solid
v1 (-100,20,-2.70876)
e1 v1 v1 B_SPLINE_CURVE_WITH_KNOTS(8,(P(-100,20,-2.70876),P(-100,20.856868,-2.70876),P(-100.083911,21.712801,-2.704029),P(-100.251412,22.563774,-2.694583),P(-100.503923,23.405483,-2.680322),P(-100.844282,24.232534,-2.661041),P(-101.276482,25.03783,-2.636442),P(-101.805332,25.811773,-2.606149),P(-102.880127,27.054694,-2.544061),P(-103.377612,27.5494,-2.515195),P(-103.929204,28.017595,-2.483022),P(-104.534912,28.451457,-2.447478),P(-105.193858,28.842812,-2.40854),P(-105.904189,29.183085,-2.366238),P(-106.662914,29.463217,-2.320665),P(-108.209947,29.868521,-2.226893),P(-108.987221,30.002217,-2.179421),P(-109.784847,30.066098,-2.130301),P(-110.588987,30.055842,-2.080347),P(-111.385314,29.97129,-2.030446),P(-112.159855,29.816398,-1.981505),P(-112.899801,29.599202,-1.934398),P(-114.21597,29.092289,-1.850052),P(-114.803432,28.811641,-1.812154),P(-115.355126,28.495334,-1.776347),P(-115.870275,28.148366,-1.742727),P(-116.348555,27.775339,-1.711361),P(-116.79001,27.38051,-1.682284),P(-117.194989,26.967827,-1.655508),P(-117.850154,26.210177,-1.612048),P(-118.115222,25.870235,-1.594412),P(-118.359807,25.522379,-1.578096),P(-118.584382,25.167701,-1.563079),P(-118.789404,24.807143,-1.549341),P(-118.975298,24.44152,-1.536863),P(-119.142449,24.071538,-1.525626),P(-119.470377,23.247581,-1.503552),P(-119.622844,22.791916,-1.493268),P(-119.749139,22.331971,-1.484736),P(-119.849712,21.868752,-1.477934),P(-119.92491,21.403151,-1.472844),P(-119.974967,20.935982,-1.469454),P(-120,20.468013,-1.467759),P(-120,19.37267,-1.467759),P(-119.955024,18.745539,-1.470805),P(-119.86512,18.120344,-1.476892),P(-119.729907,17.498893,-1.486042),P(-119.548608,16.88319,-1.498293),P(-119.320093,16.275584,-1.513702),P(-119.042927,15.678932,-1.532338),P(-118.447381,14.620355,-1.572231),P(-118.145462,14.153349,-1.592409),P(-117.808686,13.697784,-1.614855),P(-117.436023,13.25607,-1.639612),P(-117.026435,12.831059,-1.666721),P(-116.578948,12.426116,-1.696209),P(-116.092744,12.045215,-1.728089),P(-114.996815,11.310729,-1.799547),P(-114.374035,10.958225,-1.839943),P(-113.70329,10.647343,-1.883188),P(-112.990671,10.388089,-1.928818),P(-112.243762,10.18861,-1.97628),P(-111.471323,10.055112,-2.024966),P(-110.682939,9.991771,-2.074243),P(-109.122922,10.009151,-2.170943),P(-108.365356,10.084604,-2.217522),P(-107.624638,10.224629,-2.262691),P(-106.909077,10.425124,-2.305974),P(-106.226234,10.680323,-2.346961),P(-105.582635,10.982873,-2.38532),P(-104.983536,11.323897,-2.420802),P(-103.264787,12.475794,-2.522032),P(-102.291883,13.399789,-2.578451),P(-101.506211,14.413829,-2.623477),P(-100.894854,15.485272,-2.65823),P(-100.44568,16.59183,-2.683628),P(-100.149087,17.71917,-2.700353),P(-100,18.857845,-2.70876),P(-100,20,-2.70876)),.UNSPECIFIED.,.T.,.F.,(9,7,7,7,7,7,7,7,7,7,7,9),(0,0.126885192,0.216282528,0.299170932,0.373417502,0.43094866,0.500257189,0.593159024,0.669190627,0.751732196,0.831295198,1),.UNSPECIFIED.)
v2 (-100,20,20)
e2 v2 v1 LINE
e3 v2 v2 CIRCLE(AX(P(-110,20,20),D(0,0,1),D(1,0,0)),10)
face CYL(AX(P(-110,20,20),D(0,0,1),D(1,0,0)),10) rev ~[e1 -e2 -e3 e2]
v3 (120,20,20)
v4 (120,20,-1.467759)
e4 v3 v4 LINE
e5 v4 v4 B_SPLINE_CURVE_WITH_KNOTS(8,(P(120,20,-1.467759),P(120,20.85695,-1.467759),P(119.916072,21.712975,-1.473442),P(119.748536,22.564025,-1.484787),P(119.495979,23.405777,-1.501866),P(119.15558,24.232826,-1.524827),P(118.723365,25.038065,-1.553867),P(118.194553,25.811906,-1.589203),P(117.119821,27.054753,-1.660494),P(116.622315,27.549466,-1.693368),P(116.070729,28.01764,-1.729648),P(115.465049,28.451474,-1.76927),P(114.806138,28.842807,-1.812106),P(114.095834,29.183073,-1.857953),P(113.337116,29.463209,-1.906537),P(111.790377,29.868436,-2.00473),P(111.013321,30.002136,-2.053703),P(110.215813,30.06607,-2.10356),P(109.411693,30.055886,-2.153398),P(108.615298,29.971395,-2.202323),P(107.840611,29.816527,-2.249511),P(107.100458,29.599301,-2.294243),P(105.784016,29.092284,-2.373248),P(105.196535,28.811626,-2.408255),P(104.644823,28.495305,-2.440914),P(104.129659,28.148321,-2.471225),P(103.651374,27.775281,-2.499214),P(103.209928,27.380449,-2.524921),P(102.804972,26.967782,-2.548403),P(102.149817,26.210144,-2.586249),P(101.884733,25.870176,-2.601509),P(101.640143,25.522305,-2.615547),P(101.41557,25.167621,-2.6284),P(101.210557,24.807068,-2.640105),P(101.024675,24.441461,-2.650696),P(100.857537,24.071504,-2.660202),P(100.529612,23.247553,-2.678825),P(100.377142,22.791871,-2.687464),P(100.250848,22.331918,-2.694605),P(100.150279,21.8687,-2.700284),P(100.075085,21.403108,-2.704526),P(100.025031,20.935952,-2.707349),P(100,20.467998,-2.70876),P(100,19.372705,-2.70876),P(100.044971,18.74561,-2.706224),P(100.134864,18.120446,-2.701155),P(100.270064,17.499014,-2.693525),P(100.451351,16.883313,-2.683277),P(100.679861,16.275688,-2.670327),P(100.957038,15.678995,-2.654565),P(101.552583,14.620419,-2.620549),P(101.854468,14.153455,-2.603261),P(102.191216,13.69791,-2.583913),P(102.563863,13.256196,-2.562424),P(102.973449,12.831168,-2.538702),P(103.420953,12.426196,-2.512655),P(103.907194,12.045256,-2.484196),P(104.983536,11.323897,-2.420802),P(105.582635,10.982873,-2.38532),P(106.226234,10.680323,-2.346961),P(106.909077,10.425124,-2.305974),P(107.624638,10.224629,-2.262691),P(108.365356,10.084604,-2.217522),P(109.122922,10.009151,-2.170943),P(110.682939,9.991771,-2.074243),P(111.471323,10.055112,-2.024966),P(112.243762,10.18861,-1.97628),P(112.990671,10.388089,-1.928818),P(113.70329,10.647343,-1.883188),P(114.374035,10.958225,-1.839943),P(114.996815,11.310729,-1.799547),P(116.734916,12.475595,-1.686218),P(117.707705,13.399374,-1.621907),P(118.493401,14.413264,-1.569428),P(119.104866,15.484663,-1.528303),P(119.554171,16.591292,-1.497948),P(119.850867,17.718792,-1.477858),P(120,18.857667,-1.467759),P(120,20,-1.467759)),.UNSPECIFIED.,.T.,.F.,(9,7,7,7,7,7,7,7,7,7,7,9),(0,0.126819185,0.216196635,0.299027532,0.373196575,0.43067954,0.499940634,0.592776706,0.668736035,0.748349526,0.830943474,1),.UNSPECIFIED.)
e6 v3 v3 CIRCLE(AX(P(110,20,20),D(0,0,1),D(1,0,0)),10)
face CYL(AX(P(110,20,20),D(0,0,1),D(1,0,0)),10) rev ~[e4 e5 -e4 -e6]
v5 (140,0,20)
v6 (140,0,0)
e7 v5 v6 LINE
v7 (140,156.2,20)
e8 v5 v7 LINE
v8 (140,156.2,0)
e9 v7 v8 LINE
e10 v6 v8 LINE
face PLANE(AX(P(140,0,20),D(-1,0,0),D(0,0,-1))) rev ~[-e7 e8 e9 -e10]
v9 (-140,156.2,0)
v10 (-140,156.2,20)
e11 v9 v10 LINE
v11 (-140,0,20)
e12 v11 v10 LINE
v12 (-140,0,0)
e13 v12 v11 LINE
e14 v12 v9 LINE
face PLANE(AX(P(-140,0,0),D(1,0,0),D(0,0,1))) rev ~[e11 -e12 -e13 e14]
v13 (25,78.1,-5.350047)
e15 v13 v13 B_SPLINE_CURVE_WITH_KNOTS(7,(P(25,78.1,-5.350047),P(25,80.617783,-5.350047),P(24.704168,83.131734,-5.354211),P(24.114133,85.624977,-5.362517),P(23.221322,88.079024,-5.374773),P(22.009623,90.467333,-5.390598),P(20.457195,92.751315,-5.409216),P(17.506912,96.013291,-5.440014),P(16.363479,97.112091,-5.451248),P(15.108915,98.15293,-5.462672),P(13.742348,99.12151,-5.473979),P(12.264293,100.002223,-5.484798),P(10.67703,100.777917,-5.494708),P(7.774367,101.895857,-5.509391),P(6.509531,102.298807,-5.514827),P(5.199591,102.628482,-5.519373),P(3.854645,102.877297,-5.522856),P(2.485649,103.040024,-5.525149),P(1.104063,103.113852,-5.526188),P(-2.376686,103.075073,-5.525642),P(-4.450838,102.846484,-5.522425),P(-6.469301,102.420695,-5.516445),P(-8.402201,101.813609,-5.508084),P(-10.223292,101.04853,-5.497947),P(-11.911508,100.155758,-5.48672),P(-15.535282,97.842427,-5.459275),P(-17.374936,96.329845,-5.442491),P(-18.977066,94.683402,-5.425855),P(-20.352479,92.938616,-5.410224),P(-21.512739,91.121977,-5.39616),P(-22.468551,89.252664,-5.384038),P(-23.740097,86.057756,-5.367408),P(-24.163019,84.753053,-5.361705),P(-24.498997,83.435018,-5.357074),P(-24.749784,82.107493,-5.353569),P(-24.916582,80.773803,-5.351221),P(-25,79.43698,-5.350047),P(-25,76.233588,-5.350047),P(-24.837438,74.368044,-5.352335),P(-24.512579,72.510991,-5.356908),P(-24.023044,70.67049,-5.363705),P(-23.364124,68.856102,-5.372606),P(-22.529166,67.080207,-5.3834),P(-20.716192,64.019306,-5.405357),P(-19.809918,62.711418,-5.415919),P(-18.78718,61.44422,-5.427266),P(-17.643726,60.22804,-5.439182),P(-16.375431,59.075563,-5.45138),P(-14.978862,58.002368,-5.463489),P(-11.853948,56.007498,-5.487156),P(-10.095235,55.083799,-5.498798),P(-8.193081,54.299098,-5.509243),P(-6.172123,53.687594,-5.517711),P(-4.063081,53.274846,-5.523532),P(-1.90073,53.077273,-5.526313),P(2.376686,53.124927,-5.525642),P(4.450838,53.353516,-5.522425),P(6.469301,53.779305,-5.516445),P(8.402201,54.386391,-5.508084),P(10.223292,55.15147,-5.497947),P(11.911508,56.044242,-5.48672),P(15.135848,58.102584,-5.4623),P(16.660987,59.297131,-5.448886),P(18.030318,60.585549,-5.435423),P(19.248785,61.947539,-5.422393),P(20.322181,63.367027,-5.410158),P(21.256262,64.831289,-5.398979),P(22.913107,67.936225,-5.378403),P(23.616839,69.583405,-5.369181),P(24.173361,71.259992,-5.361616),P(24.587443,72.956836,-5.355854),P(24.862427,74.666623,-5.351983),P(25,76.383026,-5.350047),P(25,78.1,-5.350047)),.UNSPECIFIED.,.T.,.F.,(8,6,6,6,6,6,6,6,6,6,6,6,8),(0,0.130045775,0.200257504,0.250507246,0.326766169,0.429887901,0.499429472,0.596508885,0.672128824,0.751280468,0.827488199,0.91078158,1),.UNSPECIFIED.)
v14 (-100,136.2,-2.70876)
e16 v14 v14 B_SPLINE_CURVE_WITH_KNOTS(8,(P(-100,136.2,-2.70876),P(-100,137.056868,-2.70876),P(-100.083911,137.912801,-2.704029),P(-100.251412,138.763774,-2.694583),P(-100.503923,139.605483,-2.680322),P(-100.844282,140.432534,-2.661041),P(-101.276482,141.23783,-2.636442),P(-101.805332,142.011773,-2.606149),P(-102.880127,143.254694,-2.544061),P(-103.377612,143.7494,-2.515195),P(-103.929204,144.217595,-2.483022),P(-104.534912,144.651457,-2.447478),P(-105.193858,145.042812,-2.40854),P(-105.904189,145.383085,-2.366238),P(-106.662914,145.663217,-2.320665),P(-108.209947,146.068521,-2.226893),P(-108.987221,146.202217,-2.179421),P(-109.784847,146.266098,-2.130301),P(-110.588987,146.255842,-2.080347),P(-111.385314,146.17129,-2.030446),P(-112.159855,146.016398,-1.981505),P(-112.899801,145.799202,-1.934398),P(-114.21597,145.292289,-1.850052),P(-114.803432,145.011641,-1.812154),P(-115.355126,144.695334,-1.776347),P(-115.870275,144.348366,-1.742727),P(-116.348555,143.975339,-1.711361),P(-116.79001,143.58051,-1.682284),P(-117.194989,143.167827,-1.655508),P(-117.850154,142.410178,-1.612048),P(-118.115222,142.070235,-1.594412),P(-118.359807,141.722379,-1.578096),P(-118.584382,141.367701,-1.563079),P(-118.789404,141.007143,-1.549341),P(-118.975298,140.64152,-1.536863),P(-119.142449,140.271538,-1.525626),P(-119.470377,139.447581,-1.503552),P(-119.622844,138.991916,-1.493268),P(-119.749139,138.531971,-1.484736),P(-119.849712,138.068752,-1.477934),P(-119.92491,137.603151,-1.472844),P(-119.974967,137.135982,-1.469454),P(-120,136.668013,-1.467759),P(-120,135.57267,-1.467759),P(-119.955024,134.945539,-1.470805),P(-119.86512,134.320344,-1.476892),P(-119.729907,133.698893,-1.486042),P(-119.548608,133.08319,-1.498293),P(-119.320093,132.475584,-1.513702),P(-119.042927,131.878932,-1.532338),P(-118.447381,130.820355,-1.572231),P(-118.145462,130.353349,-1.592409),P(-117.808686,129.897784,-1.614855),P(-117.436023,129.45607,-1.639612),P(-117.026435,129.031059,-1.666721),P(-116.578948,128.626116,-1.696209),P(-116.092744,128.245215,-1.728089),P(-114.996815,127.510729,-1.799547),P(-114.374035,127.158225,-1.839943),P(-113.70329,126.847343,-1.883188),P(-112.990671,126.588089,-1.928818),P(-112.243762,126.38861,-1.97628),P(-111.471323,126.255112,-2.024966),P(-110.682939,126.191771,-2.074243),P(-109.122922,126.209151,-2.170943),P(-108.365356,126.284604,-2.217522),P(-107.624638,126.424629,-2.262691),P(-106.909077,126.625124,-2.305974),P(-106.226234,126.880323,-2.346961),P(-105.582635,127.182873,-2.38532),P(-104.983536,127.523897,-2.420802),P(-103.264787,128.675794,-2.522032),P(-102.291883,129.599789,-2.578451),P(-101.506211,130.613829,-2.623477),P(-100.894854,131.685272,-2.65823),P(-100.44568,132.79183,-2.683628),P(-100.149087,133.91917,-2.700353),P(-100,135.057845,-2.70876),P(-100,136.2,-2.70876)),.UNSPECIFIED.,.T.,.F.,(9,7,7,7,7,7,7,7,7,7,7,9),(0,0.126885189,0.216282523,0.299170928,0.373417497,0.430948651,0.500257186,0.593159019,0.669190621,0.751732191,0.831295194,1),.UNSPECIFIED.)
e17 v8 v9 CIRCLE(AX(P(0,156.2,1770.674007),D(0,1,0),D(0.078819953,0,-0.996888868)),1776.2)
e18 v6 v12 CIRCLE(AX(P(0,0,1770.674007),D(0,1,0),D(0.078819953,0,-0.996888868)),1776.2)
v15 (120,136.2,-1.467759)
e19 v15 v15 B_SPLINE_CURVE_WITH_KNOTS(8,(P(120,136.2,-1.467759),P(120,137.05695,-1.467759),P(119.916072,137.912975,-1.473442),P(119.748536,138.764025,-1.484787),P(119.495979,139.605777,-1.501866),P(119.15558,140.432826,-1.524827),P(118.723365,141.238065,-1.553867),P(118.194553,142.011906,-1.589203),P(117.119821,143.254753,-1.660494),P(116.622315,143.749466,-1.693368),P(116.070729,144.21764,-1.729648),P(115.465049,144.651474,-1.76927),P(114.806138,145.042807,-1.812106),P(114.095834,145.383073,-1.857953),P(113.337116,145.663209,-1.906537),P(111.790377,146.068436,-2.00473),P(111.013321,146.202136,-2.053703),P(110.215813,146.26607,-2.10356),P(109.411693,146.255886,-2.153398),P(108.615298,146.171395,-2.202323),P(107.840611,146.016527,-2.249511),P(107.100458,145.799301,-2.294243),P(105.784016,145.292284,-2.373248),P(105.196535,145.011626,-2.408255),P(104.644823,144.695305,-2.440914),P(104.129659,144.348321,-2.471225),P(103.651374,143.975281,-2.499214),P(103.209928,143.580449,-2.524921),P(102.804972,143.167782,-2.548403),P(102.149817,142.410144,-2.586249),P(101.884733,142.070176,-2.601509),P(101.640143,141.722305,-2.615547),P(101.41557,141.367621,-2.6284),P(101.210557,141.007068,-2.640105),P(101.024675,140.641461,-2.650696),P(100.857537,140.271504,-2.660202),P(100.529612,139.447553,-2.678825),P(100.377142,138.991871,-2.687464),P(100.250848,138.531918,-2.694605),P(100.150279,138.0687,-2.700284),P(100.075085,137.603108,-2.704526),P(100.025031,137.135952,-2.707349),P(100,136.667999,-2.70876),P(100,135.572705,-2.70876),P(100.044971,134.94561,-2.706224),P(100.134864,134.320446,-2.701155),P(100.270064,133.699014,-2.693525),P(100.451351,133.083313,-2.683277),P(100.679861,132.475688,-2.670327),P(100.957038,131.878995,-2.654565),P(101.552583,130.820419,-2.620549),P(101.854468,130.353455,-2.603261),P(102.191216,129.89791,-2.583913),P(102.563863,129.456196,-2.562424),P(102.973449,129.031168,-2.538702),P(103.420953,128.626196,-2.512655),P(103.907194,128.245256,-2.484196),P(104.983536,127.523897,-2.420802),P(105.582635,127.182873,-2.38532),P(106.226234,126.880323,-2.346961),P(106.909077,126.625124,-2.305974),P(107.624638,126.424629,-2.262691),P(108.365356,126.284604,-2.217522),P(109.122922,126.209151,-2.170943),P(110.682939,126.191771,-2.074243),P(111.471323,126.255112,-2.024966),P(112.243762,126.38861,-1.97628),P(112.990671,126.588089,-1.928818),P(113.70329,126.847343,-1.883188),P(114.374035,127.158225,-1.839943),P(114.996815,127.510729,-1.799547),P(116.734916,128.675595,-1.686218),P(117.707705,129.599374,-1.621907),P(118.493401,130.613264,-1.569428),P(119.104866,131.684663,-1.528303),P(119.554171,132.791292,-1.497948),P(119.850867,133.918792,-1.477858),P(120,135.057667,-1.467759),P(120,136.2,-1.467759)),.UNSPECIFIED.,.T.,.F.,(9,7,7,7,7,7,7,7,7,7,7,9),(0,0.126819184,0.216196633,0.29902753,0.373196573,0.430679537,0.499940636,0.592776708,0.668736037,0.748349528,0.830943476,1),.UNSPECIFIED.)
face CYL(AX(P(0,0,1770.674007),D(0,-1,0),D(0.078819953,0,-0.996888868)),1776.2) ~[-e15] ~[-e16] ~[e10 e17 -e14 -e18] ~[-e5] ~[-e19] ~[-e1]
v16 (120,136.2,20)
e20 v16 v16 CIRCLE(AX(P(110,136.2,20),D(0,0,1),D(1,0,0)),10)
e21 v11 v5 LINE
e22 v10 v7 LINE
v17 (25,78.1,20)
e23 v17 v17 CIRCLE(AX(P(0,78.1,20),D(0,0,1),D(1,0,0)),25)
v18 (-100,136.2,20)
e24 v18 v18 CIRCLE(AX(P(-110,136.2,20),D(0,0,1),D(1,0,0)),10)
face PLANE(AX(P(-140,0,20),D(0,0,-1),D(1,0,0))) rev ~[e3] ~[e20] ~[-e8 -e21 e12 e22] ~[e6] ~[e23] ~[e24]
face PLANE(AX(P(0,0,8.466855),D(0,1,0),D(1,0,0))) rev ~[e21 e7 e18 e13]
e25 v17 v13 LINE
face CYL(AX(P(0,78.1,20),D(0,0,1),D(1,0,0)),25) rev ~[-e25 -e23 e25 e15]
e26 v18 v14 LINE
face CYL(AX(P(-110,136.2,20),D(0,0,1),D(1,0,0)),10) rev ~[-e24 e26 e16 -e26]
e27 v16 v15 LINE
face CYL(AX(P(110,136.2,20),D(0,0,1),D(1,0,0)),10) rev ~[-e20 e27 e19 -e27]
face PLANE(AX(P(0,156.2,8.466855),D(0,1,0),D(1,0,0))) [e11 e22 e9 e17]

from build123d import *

# Parameters (mm, degrees)
BOSS_EXTRUDE1_DEPTH = 156.2
SKETCH2_R           = 10
SKETCH2_R_2         = 25
CUT_EXTRUDE1_DEPTH  = 26.525992736


with BuildPart() as part:
    # Sketch1 → Boss-Extrude1 (new body)
    with BuildSketch(Plane(origin=(0, 0, 0), x_dir=(1, 0, 0), z_dir=(0, 1, 0))):
        with BuildLine():
            Line((-140, 0), (-140, -20))
            Line((-140, -20), (140, -20))
            Line((140, -20), (140, 0))
            ThreePointArc((140, 0), (0, 5.525992736), (-140, 0))
        make_face()
    extrude(amount=BOSS_EXTRUDE1_DEPTH)

    # Sketch2 → Cut-Extrude1 (cut, through all)
    with BuildSketch(Plane.XY.offset(20)):
        with Locations((-110, 136.2)):
            Circle(SKETCH2_R)
        with Locations((-110, 20)):
            Circle(SKETCH2_R)
        with Locations((110, 20)):
            Circle(SKETCH2_R)
        with Locations((110, 136.2)):
            Circle(SKETCH2_R)
        with Locations((0, 78.1)):
            Circle(SKETCH2_R_2)
    extrude(amount=-CUT_EXTRUDE1_DEPTH, mode=Mode.SUBTRACT)


solid = part.part
